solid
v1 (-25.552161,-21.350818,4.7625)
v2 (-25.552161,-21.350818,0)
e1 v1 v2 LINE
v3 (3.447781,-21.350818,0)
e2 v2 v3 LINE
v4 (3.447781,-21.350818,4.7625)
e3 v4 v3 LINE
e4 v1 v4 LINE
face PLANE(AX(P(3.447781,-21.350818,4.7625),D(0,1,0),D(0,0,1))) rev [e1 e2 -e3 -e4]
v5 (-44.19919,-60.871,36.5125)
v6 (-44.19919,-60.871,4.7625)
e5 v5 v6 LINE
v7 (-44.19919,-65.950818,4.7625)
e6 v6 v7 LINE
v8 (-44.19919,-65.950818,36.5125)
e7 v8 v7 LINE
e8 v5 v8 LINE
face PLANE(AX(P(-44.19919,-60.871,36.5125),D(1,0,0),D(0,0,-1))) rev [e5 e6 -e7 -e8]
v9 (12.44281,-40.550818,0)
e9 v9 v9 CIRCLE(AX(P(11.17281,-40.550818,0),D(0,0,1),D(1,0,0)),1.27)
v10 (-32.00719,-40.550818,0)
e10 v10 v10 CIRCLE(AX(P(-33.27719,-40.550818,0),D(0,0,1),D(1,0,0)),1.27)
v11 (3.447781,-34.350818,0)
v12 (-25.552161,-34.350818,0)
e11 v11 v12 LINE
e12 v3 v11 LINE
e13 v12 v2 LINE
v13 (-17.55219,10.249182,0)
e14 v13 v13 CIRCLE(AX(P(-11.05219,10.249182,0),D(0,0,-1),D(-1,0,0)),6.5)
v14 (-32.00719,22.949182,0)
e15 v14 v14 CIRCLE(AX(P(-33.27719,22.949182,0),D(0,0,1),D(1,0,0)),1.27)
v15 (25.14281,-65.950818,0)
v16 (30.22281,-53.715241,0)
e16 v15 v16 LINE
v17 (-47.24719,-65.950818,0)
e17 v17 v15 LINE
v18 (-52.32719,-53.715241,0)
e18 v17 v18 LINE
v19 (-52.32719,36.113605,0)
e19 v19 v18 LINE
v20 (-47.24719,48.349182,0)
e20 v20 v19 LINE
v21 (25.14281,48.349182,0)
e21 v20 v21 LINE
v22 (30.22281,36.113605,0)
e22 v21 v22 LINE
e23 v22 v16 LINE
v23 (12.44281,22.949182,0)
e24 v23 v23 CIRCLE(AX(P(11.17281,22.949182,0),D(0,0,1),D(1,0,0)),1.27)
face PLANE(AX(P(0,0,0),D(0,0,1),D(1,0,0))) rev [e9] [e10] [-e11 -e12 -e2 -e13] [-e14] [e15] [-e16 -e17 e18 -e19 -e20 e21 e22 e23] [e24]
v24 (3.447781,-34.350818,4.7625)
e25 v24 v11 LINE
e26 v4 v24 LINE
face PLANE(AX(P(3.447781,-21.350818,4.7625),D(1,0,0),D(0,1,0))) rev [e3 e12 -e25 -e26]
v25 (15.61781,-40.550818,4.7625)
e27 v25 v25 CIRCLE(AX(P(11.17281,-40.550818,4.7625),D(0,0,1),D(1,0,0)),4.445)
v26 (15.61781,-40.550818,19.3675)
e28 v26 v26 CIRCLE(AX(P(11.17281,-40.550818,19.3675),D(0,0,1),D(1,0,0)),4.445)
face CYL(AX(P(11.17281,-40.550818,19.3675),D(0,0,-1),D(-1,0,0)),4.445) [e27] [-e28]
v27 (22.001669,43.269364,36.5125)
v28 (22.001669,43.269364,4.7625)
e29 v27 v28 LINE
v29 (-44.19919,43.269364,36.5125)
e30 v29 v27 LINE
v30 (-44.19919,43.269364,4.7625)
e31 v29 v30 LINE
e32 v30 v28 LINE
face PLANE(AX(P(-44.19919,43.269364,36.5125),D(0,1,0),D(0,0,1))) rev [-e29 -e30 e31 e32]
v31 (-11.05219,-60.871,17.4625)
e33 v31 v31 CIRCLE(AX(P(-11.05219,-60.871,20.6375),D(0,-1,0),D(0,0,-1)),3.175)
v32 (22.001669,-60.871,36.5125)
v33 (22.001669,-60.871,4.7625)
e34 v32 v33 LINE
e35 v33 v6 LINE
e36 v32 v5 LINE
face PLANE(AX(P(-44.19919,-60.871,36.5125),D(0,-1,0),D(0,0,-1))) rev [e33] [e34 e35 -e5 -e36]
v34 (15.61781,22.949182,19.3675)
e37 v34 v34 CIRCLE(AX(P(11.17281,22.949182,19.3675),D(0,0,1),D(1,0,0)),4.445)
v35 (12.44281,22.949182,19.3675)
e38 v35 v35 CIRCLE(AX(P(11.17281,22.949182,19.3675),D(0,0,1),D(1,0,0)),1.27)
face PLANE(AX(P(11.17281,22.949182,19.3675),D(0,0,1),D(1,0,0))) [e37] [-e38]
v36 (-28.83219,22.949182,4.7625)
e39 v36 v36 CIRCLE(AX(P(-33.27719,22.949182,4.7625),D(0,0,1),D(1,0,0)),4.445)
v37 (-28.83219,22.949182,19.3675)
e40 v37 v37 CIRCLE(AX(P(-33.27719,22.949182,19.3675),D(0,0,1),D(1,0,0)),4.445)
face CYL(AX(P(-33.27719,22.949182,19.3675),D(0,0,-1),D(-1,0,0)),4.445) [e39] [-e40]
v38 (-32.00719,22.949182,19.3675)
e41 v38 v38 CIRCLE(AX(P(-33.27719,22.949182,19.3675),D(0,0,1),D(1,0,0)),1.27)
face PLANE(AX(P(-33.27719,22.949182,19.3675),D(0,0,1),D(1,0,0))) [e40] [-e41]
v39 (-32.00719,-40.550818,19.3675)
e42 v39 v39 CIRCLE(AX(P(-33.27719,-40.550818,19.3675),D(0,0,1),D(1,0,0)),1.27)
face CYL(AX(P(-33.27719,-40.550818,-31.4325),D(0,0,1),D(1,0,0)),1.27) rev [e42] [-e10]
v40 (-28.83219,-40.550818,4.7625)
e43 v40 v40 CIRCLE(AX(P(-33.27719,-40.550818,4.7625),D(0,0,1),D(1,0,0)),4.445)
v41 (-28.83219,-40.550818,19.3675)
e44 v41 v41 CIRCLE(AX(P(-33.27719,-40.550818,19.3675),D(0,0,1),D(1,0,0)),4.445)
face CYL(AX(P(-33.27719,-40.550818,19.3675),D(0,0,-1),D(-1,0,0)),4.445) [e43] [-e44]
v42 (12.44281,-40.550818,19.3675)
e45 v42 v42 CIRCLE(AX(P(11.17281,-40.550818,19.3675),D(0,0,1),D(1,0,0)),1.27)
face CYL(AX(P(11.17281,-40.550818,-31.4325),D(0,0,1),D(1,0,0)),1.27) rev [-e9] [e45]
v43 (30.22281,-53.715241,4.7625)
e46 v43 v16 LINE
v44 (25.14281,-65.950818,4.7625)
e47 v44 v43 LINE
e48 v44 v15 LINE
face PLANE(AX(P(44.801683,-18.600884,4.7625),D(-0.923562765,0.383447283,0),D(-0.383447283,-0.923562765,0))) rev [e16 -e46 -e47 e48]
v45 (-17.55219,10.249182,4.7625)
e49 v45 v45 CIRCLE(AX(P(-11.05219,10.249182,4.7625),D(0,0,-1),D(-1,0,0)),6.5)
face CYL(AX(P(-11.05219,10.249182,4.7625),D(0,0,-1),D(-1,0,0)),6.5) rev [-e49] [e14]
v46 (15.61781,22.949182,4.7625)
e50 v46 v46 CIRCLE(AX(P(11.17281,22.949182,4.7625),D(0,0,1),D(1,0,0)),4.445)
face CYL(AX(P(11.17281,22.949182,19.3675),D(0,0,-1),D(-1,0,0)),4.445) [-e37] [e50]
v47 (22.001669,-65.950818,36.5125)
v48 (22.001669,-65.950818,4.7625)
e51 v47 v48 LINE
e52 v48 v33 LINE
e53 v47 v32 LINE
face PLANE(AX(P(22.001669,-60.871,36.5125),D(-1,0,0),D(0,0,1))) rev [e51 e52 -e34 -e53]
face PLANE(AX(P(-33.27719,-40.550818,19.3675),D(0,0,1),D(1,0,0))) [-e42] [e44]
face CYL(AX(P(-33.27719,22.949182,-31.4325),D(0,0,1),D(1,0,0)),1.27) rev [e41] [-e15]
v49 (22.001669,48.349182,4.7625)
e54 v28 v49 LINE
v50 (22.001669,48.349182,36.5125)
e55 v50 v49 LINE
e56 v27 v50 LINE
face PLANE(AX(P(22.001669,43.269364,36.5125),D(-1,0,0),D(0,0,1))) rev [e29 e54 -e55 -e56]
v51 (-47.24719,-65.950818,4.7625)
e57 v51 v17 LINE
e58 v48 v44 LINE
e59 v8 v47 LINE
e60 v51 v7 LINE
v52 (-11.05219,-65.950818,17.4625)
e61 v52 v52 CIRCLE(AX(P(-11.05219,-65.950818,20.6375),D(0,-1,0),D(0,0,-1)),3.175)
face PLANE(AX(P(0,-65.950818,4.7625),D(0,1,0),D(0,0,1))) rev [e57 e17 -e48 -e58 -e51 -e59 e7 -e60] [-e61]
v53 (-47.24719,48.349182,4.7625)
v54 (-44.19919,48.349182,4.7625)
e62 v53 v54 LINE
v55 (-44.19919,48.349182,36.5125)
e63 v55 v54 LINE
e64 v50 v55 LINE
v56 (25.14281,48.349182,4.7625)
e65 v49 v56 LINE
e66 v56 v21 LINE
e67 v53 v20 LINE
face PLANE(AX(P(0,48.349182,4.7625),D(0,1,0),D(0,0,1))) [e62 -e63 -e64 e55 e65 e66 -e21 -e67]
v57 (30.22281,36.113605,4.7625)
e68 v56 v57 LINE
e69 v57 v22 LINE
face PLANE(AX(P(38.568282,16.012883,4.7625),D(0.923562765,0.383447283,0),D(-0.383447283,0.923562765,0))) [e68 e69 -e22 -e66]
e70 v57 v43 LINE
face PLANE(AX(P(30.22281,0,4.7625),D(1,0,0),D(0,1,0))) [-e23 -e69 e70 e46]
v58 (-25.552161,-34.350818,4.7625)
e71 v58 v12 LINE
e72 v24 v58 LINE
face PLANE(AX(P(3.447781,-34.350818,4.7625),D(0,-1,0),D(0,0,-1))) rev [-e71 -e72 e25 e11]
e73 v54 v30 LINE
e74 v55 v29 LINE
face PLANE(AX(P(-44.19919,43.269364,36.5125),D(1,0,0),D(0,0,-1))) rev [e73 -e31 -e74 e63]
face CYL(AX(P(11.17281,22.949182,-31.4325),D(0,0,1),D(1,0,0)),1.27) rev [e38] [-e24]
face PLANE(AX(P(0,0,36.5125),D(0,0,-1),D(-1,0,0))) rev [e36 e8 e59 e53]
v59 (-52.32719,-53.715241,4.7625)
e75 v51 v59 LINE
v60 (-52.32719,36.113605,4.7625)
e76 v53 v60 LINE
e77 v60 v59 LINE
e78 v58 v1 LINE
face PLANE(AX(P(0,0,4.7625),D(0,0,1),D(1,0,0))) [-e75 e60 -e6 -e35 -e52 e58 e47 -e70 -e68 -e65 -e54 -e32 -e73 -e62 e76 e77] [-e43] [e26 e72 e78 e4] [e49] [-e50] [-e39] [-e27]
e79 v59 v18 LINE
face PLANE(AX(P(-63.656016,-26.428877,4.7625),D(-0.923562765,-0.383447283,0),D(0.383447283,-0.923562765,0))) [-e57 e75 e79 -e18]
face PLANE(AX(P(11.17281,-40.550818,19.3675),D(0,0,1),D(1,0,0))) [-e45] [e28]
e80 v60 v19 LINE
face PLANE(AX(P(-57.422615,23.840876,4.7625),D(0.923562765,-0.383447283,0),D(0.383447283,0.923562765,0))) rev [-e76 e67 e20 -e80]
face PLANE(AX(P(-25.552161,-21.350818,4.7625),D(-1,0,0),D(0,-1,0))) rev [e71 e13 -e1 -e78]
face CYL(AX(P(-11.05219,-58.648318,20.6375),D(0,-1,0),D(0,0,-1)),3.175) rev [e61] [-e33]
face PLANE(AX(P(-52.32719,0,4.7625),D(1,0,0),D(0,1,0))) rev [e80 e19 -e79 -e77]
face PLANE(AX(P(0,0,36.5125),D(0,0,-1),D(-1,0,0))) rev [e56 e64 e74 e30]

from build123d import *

# Parameters (mm, degrees)
BOSS_EXTRUDE1_DEPTH = 4.7625
SKETCH3_W           = 66.200858932
SKETCH3_H           = 5.079818348
BOSS_EXTRUDE2_DEPTH = 31.75
SKETCH4_W           = 28.999942
SKETCH4_H           = 12.9999994
CUT_EXTRUDE1_DEPTH  = 4.7625
SKETCH5_R           = 6.4999997
CUT_EXTRUDE2_DEPTH  = 4.7625
SKETCH6_R           = 3.175
CUT_EXTRUDE3_DEPTH  = 7.3025
SKETCH7_R           = 4.445
BOSS_EXTRUDE3_DEPTH = 14.605
SKETCH8_R           = 1.27
CUT_EXTRUDE4_DEPTH  = 50.8


with BuildPart() as part:
    # Sketch1 → Boss-Extrude1 (new body)
    with BuildSketch(Plane.XY):
        Polygon((30.222809818, 36.11360466), (25.142809818, 48.349181892), (-47.247190182, 48.349181892), (-52.327190182, 36.11360466), (-52.327190182, -53.715240876), (-47.247190182, -65.950818108), (25.142809818, -65.950818108), (30.222809818, -53.715240876), align=None)
    extrude(amount=BOSS_EXTRUDE1_DEPTH)

    # Sketch3 → Boss-Extrude2 (add)
    with BuildSketch(Plane.XY.offset(4.7625)):
        with Locations((-11.098760716, 45.809272718)):
            Rectangle(SKETCH3_W, SKETCH3_H)
        with Locations((-11.098760716, -63.410908934)):
            Rectangle(SKETCH3_W, SKETCH3_H)
    extrude(amount=BOSS_EXTRUDE2_DEPTH)

    # Sketch4 → Cut-Extrude1 (cut)
    with BuildSketch(Plane(origin=(0, 0, 0), x_dir=(-1, 0, 0), z_dir=(0, 0, -1))):
        with Locations((11.052190182, -27.850818108)):
            Rectangle(SKETCH4_W, SKETCH4_H)
    extrude(amount=-CUT_EXTRUDE1_DEPTH, mode=Mode.SUBTRACT)

    # Sketch5 → Cut-Extrude2 (cut)
    with BuildSketch(Plane(origin=(0, 0, 0), x_dir=(-1, 0, 0), z_dir=(0, 0, -1))):
        with Locations((11.052190182, 10.249181892)):
            Circle(SKETCH5_R)
    extrude(amount=-CUT_EXTRUDE2_DEPTH, mode=Mode.SUBTRACT)

    # Sketch6 → Cut-Extrude3 (cut)
    with BuildSketch(Plane.XZ.offset(65.950818108)):
        with Locations((-11.052190182, 20.6375)):
            Circle(SKETCH6_R)
    extrude(amount=-CUT_EXTRUDE3_DEPTH, mode=Mode.SUBTRACT)

    # Sketch7 → Boss-Extrude3 (add)
    with BuildSketch(Plane.XY.offset(4.7625)):
        with Locations((11.172809818, -40.550818108)):
            Circle(SKETCH7_R)
        with Locations((-33.277190182, -40.550818108)):
            Circle(SKETCH7_R)
        with Locations((11.172809818, 22.949181892)):
            Circle(SKETCH7_R)
        with Locations((-33.277190182, 22.949181892)):
            Circle(SKETCH7_R)
    extrude(amount=BOSS_EXTRUDE3_DEPTH)

    # Sketch8 → Cut-Extrude4 (cut)
    with BuildSketch(Plane.XY.offset(19.3675)):
        with Locations((-33.277190182, 22.949181892)):
            Circle(SKETCH8_R)
        with Locations((11.172809818, 22.949181892)):
            Circle(SKETCH8_R)
        with Locations((11.172809818, -40.550818108)):
            Circle(SKETCH8_R)
        with Locations((-33.277190182, -40.550818108)):
            Circle(SKETCH8_R)
    extrude(amount=-CUT_EXTRUDE4_DEPTH, mode=Mode.SUBTRACT)


solid = part.part
